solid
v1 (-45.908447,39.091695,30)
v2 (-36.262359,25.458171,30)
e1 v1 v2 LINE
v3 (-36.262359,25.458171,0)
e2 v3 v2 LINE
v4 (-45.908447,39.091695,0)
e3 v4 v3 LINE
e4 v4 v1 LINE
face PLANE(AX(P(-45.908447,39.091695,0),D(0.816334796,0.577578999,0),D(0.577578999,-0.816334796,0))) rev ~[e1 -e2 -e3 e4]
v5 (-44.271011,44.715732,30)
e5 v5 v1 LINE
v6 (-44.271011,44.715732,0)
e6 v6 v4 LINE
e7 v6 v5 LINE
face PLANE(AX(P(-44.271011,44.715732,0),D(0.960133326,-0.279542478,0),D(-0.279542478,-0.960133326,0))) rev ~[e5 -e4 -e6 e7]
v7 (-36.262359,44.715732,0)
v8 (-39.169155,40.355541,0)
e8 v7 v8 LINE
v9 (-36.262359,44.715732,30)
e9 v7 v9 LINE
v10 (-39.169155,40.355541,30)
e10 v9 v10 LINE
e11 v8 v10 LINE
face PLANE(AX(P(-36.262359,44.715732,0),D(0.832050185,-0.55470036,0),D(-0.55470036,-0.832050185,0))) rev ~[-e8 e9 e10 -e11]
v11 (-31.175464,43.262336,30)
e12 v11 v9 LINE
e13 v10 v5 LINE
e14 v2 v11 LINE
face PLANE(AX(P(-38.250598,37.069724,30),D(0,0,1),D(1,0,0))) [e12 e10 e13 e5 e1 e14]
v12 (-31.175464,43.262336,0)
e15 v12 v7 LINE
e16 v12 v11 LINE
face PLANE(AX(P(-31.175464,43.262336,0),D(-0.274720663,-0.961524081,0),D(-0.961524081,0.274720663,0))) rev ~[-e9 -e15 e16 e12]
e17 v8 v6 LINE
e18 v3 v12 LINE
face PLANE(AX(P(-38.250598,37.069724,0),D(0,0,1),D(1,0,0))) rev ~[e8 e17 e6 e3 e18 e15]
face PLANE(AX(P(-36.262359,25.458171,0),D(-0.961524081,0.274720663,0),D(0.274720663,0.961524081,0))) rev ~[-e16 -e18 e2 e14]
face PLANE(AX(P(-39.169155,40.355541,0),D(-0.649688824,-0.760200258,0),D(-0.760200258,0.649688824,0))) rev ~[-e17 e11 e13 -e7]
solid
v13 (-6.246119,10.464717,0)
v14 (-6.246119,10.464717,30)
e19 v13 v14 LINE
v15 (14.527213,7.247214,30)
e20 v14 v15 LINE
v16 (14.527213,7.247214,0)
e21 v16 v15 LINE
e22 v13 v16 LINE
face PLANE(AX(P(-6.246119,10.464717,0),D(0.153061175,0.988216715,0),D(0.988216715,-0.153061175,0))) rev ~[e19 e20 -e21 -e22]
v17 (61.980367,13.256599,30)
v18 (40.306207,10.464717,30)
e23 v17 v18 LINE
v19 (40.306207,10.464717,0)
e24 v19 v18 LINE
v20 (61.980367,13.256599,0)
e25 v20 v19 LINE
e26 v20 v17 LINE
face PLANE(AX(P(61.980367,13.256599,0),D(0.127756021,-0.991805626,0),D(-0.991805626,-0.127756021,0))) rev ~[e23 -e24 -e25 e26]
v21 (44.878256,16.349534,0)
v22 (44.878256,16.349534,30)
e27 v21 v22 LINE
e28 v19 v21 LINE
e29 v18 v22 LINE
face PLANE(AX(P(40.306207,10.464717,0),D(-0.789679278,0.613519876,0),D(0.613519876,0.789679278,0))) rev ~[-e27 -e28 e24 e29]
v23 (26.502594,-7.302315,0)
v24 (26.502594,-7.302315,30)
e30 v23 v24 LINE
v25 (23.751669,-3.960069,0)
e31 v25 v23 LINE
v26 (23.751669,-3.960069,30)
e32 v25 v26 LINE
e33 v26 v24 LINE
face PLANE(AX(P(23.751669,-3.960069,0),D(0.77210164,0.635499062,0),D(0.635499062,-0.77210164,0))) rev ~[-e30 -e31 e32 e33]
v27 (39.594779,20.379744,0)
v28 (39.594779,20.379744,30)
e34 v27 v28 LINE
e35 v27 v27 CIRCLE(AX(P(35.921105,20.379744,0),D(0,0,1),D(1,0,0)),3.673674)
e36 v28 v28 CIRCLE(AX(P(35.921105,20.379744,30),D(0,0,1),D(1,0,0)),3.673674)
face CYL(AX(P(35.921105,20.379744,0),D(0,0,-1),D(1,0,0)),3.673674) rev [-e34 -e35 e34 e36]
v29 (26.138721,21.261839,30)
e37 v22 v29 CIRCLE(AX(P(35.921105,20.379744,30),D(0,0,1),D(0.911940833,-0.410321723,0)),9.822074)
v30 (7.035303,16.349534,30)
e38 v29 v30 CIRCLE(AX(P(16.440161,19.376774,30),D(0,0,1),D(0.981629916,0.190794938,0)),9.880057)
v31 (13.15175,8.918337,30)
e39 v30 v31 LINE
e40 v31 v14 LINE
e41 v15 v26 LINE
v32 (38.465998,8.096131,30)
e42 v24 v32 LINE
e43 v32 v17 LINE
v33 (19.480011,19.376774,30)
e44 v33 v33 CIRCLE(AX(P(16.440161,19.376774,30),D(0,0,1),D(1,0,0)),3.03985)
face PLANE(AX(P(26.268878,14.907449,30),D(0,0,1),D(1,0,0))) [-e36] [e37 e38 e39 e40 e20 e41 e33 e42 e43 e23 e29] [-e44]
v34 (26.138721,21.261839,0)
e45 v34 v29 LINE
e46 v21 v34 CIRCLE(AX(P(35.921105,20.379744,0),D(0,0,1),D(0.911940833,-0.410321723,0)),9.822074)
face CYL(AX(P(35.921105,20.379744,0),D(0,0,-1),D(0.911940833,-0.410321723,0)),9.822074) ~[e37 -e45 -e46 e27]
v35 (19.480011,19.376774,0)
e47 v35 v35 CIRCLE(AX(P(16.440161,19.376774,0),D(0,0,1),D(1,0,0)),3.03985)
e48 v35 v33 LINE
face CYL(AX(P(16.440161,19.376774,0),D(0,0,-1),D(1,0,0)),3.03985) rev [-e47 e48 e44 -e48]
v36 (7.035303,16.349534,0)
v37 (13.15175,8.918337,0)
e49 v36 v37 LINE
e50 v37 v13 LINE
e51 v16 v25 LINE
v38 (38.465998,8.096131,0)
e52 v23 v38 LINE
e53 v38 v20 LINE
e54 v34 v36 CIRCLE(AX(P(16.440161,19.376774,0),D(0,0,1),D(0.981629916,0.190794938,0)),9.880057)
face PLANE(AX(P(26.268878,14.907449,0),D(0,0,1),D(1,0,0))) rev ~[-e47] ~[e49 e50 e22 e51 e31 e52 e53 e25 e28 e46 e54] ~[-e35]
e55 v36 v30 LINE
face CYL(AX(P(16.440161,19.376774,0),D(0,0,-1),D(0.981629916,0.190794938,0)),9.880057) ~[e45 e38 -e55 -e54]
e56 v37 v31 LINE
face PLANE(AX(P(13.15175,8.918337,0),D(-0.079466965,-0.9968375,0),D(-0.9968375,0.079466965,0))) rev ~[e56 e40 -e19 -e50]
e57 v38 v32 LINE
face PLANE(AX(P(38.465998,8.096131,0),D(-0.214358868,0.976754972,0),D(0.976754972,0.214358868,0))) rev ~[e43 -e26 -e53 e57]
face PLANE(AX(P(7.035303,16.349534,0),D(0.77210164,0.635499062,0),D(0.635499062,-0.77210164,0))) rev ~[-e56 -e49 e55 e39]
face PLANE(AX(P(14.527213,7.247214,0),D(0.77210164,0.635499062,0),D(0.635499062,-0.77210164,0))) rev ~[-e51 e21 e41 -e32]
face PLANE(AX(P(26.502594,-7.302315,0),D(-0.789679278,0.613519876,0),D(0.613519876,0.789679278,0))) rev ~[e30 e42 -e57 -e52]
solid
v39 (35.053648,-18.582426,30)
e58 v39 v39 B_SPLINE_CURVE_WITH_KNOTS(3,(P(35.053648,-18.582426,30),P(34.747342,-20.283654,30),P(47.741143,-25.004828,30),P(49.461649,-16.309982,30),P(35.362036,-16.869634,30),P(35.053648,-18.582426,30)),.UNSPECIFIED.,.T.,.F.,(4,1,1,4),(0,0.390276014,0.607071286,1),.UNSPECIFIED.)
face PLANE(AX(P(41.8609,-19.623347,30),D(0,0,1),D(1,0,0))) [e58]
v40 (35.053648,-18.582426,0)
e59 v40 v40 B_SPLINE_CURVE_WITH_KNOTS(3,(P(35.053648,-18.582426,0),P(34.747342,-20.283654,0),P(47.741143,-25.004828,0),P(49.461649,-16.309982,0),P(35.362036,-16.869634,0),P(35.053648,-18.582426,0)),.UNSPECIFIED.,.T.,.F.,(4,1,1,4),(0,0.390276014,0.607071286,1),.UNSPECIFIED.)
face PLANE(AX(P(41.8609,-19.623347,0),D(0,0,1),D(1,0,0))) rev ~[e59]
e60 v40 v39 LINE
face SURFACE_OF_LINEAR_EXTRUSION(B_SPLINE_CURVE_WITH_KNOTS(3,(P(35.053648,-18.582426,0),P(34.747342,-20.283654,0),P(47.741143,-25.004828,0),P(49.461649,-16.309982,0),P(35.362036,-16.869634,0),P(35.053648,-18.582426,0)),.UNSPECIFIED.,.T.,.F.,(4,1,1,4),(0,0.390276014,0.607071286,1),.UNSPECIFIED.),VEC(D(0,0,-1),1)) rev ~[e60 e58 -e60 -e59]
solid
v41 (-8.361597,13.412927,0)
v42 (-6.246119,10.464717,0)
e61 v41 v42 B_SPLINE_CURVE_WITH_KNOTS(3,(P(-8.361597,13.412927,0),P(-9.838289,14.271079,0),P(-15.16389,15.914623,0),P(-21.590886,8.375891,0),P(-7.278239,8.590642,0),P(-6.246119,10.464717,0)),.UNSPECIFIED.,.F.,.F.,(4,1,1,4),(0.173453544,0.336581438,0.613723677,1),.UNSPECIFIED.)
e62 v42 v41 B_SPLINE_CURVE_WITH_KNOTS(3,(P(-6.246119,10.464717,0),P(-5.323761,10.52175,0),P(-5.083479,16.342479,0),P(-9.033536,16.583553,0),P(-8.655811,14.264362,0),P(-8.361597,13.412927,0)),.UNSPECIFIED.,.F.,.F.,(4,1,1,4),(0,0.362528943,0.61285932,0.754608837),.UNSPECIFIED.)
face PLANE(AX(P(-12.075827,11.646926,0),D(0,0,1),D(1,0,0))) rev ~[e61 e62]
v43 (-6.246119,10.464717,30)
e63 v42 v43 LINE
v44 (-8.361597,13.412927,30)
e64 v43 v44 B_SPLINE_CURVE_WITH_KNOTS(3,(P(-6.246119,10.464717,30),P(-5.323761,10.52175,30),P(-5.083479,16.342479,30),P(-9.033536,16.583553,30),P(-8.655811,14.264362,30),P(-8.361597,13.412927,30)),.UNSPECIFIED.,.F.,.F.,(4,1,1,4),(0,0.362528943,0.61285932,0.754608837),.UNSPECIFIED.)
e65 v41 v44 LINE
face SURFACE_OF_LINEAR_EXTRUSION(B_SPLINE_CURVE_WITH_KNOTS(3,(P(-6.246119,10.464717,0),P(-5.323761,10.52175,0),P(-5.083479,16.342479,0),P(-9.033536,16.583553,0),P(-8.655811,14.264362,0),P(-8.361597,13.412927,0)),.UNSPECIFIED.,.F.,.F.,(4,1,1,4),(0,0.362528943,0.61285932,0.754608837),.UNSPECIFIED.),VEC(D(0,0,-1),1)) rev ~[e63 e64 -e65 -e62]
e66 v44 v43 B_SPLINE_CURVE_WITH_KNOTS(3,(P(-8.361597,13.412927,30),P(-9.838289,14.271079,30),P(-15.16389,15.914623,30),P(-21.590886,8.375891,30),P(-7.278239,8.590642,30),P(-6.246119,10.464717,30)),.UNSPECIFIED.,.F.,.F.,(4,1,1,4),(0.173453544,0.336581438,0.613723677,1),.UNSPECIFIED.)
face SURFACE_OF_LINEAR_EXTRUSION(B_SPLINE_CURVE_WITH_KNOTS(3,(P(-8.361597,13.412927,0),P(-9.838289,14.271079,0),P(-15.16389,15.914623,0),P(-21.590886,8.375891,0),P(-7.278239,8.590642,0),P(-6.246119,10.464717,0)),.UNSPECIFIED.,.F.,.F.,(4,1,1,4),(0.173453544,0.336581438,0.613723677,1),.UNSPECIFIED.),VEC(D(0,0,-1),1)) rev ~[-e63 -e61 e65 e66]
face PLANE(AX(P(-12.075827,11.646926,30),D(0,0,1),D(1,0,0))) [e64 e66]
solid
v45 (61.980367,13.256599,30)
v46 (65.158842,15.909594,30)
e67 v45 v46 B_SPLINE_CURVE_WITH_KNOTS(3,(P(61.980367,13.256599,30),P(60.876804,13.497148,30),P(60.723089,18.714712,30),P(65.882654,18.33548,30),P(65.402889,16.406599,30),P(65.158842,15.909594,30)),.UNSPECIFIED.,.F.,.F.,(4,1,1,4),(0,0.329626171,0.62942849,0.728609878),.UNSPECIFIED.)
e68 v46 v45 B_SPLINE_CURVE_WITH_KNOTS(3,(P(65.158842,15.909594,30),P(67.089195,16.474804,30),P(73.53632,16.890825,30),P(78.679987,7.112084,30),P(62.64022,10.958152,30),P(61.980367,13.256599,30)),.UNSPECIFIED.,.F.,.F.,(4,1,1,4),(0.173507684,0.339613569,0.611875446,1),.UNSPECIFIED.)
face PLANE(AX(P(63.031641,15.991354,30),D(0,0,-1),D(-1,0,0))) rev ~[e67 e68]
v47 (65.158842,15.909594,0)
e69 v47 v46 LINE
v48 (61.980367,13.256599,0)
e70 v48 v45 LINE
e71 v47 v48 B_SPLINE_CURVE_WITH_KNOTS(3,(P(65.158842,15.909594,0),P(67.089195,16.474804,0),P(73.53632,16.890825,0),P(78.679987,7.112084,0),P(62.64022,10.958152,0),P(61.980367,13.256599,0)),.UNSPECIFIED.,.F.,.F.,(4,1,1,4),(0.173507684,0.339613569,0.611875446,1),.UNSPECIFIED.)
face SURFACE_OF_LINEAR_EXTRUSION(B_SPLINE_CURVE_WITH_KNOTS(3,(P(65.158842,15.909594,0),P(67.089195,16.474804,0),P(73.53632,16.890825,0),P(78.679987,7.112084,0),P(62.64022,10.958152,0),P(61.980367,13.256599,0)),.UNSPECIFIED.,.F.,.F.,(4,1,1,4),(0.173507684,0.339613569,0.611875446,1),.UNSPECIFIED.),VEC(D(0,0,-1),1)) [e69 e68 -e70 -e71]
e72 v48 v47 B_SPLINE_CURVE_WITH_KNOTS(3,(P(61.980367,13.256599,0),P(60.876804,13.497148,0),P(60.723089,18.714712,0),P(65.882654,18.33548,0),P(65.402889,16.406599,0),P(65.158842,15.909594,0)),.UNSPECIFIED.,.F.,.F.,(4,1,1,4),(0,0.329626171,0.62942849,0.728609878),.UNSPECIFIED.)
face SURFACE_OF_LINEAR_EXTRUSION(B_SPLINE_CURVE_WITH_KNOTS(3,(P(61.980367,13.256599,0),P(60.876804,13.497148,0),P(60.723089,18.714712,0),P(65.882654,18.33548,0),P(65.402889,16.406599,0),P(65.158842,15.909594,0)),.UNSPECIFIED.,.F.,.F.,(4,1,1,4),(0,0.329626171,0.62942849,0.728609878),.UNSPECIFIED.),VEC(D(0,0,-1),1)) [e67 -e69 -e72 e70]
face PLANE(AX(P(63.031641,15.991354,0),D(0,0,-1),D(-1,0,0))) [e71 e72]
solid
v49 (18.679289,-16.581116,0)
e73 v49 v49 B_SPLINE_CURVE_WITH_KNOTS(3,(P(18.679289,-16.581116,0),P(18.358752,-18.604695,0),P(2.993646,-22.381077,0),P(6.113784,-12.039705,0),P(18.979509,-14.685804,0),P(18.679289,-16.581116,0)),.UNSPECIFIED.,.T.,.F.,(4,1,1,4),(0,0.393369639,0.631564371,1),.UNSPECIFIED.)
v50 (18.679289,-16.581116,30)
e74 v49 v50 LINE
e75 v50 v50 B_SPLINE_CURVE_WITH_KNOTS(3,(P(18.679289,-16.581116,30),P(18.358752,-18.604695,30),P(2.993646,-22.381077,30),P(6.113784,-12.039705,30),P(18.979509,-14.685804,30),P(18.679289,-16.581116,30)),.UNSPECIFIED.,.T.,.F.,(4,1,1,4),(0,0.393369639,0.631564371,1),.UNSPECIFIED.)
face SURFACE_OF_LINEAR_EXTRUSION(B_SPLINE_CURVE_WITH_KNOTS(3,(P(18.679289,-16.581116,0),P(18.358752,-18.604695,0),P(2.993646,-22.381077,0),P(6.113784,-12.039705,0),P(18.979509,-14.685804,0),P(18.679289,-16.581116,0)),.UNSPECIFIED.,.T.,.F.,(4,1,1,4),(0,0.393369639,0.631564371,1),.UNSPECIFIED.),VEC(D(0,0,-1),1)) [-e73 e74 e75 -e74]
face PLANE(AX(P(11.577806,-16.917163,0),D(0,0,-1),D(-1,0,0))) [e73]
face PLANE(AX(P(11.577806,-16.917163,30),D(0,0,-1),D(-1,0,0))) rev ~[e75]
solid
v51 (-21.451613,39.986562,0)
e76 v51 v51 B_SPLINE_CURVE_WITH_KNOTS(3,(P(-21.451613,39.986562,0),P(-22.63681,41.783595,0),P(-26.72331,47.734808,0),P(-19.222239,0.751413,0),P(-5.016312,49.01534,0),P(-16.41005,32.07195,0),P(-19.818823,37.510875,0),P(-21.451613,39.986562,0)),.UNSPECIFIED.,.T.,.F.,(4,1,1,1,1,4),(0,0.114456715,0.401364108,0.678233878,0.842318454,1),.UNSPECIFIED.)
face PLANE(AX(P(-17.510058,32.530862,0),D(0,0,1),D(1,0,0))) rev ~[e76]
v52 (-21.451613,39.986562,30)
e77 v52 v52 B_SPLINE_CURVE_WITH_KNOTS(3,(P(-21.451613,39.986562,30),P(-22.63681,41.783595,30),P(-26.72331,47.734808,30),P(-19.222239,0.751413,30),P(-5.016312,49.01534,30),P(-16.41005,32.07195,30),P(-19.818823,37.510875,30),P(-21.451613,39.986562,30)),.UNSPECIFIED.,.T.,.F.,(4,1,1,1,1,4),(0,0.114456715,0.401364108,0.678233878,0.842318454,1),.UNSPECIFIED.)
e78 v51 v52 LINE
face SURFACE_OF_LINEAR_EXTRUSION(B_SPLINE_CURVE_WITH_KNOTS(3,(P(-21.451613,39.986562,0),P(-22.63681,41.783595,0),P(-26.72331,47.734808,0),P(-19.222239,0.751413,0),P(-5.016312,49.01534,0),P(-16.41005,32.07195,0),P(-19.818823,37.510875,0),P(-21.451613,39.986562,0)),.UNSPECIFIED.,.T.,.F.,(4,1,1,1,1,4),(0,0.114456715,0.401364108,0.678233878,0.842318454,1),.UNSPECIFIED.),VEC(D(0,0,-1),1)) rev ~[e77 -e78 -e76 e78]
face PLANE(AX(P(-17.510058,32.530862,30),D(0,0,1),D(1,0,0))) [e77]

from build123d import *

# Parameters (mm, degrees)
F1_DEPTH = 30
F0_R     = 3.0398499551
F0_R_2   = 3.6736736011


with BuildPart() as f1:
    # F0 (on Top) → F1 (new body)
    with BuildSketch(Plane.XY):
        with BuildLine():
            add(Edge.make_bspline(
                [(-21.4516129345, 39.9865619838), (-22.6368103627, 41.7835951655), (-26.7233103993, 47.7348083415), (-19.2222385436, 0.7514125542), (-5.0163121492, 49.0153403046), (-16.4100504731, 32.0719498084), (-19.818823089, 37.510875266), (-21.4516129345, 39.9865619838)],
                knots=[0, 0, 0, 0, 0.1144567152, 0.4013641078, 0.6782338776, 0.8423184544, 1, 1, 1, 1], degree=3))
        make_face()
    extrude(amount=F1_DEPTH)


with BuildPart() as f1b:
    # F0 (on Top) → F1, piece 2 (new body)
    with BuildSketch(Plane.XY):
        Polygon((-36.2623594701, 44.715732336), (-39.1691550612, 40.355540812), (-44.2710109055, 44.715732336), (-45.908447355, 39.0916951001), (-36.2623594701, 25.4581710323), (-31.1754643917, 43.2623364031), align=None)
    extrude(amount=F1_DEPTH)


with BuildPart() as f1c:
    # F0 (on Top) → F1, piece 3 (new body)
    with BuildSketch(Plane.XY):
        with BuildLine():
            ThreePointArc((26.1387210339, 21.2618391961), (13.9796221587, 28.9455402543), (7.0353033952, 16.3495335728))
            Line((7.0353033952, 16.3495335728), (13.1517501199, 8.9183368514))
            Line((13.1517501199, 8.9183368514), (14.5272130946, 7.2472136637))
            Line((14.5272130946, 7.2472136637), (23.7516688594, -3.9600686885))
            Line((23.7516688594, -3.9600686885), (26.5025943518, -7.3023145087))
            Line((26.5025943518, -7.3023145087), (29.0992615005, -3.9600686885))
            Line((29.0992615005, -3.9600686885), (38.4659981645, 8.0961305359))
            Line((38.4659981645, 8.0961305359), (40.3062071795, 10.4647170879))
            Line((40.3062071795, 10.4647170879), (44.8782555759, 16.3495335728))
            ThreePointArc((44.8782555759, 16.3495335728), (38.4116754557, 29.8808067183), (26.1387210339, 21.2618391961))
        make_face()
        with Locations((16.4401611005, 19.3767742562)):
            Circle(F0_R, mode=Mode.SUBTRACT)
        with Locations((35.9211053485, 20.3797438504)):
            Circle(F0_R_2, mode=Mode.SUBTRACT)
        Polygon((14.5272130946, 7.2472136637), (13.1517501199, 8.9183368514), (-6.246119272, 10.4647170879), align=None)
        Polygon((61.9803667068, 13.2565991953), (40.3062071795, 10.4647170879), (38.4659981645, 8.0961305359), align=None)
    extrude(amount=F1_DEPTH)


with BuildPart() as f1d:
    # F0 (on Top) → F1, piece 4 (new body)
    with BuildSketch(Plane.XY):
        with BuildLine():
            add(Edge.make_bspline(
                [(61.9803667068, 13.2565991953), (60.8768035478, 13.4971476385), (60.7230887996, 18.7147123105), (65.8826535659, 18.3354801771), (65.4028891814, 16.4065994874), (65.1588418989, 15.9095944234)],
                knots=[0, 0, 0, 0, 0.3296261707, 0.6294284902, 0.7286098778, 0.7286098778, 0.7286098778, 0.7286098778], degree=3))
            add(Edge.make_bspline(
                [(61.9803667068, 13.2565991953), (61.6853850674, 14.2840997027), (63.1424708424, 15.3191988771), (65.1588418989, 15.9095944234)],
                knots=[0, 0, 0, 0, 0.1735076842, 0.1735076842, 0.1735076842, 0.1735076842], degree=3))
        make_face()
        with BuildLine():
            add(Edge.make_bspline(
                [(61.9803667068, 13.2565991953), (61.6853850674, 14.2840997027), (63.1424708424, 15.3191988771), (65.1588418989, 15.9095944234)],
                knots=[0, 0, 0, 0, 0.1735076842, 0.1735076842, 0.1735076842, 0.1735076842], degree=3))
            add(Edge.make_bspline(
                [(65.1588418989, 15.9095944234), (64.4910550953, 14.5496390097), (62.8889600383, 13.0585491702), (61.9803667068, 13.2565991953)],
                knots=[0.7286098778, 0.7286098778, 0.7286098778, 0.7286098778, 1, 1, 1, 1], degree=3))
        make_face()
        with BuildLine():
            add(Edge.make_bspline(
                [(65.1588418989, 15.9095944234), (64.4910550953, 14.5496390097), (62.8889600383, 13.0585491702), (61.9803667068, 13.2565991953)],
                knots=[0.7286098778, 0.7286098778, 0.7286098778, 0.7286098778, 1, 1, 1, 1], degree=3))
            add(Edge.make_bspline(
                [(65.1588418989, 15.9095944234), (67.0891950186, 16.4748038283), (73.5363198185, 16.8908251498), (78.6799873504, 7.1120844287), (62.6402200033, 10.9581524233), (61.9803667068, 13.2565991953)],
                knots=[0.1735076842, 0.1735076842, 0.1735076842, 0.1735076842, 0.3396135694, 0.6118754456, 1, 1, 1, 1], degree=3))
        make_face()
    extrude(amount=F1_DEPTH)


with BuildPart() as f1e:
    # F0 (on Top) → F1, piece 5 (new body)
    with BuildSketch(Plane.XY):
        with BuildLine():
            add(Edge.make_bspline(
                [(35.0536480546, -18.5824260116), (34.7473422426, -20.283654372), (47.741143235, -25.0048283281), (49.4616491166, -16.3099819561), (35.3620358224, -16.8696344284), (35.0536480546, -18.5824260116)],
                knots=[0, 0, 0, 0, 0.3902760136, 0.6070712864, 1, 1, 1, 1], degree=3))
        make_face()
    extrude(amount=F1_DEPTH)


with BuildPart() as f1f:
    # F0 (on Top) → F1, piece 6 (new body)
    with BuildSketch(Plane.XY):
        with BuildLine():
            add(Edge.make_bspline(
                [(18.6792891473, -16.5811162442), (18.358751888, -18.6046949014), (2.993645534, -22.3810773313), (6.1137840436, -12.0397046536), (18.9795089278, -14.6858035377), (18.6792891473, -16.5811162442)],
                knots=[0, 0, 0, 0, 0.3933696391, 0.6315643711, 1, 1, 1, 1], degree=3))
        make_face()
    extrude(amount=F1_DEPTH)


with BuildPart() as f1g:
    # F0 (on Top) → F1, piece 7 (new body)
    with BuildSketch(Plane.XY):
        with BuildLine():
            add(Edge.make_bspline(
                [(-8.3615966427, 13.4129272213), (-9.8382887567, 14.2710788213), (-15.1638903751, 15.9146231567), (-21.5908860256, 8.375890513), (-7.2782388564, 8.5906424187), (-6.246119272, 10.4647170879)],
                knots=[0.1734535438, 0.1734535438, 0.1734535438, 0.1734535438, 0.3365814382, 0.6137236773, 1, 1, 1, 1], degree=3))
            add(Edge.make_bspline(
                [(-8.3615966427, 13.4129272213), (-7.8522636605, 11.9389577821), (-6.8704517284, 10.4261122931), (-6.246119272, 10.4647170879)],
                knots=[0.7546088368, 0.7546088368, 0.7546088368, 0.7546088368, 1, 1, 1, 1], degree=3))
        make_face()
        with BuildLine():
            add(Edge.make_bspline(
                [(-8.3615966427, 13.4129272213), (-7.8522636605, 11.9389577821), (-6.8704517284, 10.4261122931), (-6.246119272, 10.4647170879)],
                knots=[0.7546088368, 0.7546088368, 0.7546088368, 0.7546088368, 1, 1, 1, 1], degree=3))
            add(Edge.make_bspline(
                [(-6.246119272, 10.4647170879), (-5.7826562301, 11.3062516931), (-6.7914330529, 12.5004564468), (-8.3615966427, 13.4129272213)],
                knots=[0, 0, 0, 0, 0.1734535438, 0.1734535438, 0.1734535438, 0.1734535438], degree=3))
        make_face()
        with BuildLine():
            add(Edge.make_bspline(
                [(-6.246119272, 10.4647170879), (-5.7826562301, 11.3062516931), (-6.7914330529, 12.5004564468), (-8.3615966427, 13.4129272213)],
                knots=[0, 0, 0, 0, 0.1734535438, 0.1734535438, 0.1734535438, 0.1734535438], degree=3))
            add(Edge.make_bspline(
                [(-6.246119272, 10.4647170879), (-5.323760933, 10.5217499301), (-5.0834792007, 16.3424793403), (-9.0335363798, 16.5835525567), (-8.655811411, 14.2643615329), (-8.3615966427, 13.4129272213)],
                knots=[0, 0, 0, 0, 0.3625289433, 0.6128593197, 0.7546088368, 0.7546088368, 0.7546088368, 0.7546088368], degree=3))
        make_face()
    extrude(amount=F1_DEPTH)


solid = Compound([f1.part, f1b.part, f1c.part, f1d.part, f1e.part, f1f.part, f1g.part])
